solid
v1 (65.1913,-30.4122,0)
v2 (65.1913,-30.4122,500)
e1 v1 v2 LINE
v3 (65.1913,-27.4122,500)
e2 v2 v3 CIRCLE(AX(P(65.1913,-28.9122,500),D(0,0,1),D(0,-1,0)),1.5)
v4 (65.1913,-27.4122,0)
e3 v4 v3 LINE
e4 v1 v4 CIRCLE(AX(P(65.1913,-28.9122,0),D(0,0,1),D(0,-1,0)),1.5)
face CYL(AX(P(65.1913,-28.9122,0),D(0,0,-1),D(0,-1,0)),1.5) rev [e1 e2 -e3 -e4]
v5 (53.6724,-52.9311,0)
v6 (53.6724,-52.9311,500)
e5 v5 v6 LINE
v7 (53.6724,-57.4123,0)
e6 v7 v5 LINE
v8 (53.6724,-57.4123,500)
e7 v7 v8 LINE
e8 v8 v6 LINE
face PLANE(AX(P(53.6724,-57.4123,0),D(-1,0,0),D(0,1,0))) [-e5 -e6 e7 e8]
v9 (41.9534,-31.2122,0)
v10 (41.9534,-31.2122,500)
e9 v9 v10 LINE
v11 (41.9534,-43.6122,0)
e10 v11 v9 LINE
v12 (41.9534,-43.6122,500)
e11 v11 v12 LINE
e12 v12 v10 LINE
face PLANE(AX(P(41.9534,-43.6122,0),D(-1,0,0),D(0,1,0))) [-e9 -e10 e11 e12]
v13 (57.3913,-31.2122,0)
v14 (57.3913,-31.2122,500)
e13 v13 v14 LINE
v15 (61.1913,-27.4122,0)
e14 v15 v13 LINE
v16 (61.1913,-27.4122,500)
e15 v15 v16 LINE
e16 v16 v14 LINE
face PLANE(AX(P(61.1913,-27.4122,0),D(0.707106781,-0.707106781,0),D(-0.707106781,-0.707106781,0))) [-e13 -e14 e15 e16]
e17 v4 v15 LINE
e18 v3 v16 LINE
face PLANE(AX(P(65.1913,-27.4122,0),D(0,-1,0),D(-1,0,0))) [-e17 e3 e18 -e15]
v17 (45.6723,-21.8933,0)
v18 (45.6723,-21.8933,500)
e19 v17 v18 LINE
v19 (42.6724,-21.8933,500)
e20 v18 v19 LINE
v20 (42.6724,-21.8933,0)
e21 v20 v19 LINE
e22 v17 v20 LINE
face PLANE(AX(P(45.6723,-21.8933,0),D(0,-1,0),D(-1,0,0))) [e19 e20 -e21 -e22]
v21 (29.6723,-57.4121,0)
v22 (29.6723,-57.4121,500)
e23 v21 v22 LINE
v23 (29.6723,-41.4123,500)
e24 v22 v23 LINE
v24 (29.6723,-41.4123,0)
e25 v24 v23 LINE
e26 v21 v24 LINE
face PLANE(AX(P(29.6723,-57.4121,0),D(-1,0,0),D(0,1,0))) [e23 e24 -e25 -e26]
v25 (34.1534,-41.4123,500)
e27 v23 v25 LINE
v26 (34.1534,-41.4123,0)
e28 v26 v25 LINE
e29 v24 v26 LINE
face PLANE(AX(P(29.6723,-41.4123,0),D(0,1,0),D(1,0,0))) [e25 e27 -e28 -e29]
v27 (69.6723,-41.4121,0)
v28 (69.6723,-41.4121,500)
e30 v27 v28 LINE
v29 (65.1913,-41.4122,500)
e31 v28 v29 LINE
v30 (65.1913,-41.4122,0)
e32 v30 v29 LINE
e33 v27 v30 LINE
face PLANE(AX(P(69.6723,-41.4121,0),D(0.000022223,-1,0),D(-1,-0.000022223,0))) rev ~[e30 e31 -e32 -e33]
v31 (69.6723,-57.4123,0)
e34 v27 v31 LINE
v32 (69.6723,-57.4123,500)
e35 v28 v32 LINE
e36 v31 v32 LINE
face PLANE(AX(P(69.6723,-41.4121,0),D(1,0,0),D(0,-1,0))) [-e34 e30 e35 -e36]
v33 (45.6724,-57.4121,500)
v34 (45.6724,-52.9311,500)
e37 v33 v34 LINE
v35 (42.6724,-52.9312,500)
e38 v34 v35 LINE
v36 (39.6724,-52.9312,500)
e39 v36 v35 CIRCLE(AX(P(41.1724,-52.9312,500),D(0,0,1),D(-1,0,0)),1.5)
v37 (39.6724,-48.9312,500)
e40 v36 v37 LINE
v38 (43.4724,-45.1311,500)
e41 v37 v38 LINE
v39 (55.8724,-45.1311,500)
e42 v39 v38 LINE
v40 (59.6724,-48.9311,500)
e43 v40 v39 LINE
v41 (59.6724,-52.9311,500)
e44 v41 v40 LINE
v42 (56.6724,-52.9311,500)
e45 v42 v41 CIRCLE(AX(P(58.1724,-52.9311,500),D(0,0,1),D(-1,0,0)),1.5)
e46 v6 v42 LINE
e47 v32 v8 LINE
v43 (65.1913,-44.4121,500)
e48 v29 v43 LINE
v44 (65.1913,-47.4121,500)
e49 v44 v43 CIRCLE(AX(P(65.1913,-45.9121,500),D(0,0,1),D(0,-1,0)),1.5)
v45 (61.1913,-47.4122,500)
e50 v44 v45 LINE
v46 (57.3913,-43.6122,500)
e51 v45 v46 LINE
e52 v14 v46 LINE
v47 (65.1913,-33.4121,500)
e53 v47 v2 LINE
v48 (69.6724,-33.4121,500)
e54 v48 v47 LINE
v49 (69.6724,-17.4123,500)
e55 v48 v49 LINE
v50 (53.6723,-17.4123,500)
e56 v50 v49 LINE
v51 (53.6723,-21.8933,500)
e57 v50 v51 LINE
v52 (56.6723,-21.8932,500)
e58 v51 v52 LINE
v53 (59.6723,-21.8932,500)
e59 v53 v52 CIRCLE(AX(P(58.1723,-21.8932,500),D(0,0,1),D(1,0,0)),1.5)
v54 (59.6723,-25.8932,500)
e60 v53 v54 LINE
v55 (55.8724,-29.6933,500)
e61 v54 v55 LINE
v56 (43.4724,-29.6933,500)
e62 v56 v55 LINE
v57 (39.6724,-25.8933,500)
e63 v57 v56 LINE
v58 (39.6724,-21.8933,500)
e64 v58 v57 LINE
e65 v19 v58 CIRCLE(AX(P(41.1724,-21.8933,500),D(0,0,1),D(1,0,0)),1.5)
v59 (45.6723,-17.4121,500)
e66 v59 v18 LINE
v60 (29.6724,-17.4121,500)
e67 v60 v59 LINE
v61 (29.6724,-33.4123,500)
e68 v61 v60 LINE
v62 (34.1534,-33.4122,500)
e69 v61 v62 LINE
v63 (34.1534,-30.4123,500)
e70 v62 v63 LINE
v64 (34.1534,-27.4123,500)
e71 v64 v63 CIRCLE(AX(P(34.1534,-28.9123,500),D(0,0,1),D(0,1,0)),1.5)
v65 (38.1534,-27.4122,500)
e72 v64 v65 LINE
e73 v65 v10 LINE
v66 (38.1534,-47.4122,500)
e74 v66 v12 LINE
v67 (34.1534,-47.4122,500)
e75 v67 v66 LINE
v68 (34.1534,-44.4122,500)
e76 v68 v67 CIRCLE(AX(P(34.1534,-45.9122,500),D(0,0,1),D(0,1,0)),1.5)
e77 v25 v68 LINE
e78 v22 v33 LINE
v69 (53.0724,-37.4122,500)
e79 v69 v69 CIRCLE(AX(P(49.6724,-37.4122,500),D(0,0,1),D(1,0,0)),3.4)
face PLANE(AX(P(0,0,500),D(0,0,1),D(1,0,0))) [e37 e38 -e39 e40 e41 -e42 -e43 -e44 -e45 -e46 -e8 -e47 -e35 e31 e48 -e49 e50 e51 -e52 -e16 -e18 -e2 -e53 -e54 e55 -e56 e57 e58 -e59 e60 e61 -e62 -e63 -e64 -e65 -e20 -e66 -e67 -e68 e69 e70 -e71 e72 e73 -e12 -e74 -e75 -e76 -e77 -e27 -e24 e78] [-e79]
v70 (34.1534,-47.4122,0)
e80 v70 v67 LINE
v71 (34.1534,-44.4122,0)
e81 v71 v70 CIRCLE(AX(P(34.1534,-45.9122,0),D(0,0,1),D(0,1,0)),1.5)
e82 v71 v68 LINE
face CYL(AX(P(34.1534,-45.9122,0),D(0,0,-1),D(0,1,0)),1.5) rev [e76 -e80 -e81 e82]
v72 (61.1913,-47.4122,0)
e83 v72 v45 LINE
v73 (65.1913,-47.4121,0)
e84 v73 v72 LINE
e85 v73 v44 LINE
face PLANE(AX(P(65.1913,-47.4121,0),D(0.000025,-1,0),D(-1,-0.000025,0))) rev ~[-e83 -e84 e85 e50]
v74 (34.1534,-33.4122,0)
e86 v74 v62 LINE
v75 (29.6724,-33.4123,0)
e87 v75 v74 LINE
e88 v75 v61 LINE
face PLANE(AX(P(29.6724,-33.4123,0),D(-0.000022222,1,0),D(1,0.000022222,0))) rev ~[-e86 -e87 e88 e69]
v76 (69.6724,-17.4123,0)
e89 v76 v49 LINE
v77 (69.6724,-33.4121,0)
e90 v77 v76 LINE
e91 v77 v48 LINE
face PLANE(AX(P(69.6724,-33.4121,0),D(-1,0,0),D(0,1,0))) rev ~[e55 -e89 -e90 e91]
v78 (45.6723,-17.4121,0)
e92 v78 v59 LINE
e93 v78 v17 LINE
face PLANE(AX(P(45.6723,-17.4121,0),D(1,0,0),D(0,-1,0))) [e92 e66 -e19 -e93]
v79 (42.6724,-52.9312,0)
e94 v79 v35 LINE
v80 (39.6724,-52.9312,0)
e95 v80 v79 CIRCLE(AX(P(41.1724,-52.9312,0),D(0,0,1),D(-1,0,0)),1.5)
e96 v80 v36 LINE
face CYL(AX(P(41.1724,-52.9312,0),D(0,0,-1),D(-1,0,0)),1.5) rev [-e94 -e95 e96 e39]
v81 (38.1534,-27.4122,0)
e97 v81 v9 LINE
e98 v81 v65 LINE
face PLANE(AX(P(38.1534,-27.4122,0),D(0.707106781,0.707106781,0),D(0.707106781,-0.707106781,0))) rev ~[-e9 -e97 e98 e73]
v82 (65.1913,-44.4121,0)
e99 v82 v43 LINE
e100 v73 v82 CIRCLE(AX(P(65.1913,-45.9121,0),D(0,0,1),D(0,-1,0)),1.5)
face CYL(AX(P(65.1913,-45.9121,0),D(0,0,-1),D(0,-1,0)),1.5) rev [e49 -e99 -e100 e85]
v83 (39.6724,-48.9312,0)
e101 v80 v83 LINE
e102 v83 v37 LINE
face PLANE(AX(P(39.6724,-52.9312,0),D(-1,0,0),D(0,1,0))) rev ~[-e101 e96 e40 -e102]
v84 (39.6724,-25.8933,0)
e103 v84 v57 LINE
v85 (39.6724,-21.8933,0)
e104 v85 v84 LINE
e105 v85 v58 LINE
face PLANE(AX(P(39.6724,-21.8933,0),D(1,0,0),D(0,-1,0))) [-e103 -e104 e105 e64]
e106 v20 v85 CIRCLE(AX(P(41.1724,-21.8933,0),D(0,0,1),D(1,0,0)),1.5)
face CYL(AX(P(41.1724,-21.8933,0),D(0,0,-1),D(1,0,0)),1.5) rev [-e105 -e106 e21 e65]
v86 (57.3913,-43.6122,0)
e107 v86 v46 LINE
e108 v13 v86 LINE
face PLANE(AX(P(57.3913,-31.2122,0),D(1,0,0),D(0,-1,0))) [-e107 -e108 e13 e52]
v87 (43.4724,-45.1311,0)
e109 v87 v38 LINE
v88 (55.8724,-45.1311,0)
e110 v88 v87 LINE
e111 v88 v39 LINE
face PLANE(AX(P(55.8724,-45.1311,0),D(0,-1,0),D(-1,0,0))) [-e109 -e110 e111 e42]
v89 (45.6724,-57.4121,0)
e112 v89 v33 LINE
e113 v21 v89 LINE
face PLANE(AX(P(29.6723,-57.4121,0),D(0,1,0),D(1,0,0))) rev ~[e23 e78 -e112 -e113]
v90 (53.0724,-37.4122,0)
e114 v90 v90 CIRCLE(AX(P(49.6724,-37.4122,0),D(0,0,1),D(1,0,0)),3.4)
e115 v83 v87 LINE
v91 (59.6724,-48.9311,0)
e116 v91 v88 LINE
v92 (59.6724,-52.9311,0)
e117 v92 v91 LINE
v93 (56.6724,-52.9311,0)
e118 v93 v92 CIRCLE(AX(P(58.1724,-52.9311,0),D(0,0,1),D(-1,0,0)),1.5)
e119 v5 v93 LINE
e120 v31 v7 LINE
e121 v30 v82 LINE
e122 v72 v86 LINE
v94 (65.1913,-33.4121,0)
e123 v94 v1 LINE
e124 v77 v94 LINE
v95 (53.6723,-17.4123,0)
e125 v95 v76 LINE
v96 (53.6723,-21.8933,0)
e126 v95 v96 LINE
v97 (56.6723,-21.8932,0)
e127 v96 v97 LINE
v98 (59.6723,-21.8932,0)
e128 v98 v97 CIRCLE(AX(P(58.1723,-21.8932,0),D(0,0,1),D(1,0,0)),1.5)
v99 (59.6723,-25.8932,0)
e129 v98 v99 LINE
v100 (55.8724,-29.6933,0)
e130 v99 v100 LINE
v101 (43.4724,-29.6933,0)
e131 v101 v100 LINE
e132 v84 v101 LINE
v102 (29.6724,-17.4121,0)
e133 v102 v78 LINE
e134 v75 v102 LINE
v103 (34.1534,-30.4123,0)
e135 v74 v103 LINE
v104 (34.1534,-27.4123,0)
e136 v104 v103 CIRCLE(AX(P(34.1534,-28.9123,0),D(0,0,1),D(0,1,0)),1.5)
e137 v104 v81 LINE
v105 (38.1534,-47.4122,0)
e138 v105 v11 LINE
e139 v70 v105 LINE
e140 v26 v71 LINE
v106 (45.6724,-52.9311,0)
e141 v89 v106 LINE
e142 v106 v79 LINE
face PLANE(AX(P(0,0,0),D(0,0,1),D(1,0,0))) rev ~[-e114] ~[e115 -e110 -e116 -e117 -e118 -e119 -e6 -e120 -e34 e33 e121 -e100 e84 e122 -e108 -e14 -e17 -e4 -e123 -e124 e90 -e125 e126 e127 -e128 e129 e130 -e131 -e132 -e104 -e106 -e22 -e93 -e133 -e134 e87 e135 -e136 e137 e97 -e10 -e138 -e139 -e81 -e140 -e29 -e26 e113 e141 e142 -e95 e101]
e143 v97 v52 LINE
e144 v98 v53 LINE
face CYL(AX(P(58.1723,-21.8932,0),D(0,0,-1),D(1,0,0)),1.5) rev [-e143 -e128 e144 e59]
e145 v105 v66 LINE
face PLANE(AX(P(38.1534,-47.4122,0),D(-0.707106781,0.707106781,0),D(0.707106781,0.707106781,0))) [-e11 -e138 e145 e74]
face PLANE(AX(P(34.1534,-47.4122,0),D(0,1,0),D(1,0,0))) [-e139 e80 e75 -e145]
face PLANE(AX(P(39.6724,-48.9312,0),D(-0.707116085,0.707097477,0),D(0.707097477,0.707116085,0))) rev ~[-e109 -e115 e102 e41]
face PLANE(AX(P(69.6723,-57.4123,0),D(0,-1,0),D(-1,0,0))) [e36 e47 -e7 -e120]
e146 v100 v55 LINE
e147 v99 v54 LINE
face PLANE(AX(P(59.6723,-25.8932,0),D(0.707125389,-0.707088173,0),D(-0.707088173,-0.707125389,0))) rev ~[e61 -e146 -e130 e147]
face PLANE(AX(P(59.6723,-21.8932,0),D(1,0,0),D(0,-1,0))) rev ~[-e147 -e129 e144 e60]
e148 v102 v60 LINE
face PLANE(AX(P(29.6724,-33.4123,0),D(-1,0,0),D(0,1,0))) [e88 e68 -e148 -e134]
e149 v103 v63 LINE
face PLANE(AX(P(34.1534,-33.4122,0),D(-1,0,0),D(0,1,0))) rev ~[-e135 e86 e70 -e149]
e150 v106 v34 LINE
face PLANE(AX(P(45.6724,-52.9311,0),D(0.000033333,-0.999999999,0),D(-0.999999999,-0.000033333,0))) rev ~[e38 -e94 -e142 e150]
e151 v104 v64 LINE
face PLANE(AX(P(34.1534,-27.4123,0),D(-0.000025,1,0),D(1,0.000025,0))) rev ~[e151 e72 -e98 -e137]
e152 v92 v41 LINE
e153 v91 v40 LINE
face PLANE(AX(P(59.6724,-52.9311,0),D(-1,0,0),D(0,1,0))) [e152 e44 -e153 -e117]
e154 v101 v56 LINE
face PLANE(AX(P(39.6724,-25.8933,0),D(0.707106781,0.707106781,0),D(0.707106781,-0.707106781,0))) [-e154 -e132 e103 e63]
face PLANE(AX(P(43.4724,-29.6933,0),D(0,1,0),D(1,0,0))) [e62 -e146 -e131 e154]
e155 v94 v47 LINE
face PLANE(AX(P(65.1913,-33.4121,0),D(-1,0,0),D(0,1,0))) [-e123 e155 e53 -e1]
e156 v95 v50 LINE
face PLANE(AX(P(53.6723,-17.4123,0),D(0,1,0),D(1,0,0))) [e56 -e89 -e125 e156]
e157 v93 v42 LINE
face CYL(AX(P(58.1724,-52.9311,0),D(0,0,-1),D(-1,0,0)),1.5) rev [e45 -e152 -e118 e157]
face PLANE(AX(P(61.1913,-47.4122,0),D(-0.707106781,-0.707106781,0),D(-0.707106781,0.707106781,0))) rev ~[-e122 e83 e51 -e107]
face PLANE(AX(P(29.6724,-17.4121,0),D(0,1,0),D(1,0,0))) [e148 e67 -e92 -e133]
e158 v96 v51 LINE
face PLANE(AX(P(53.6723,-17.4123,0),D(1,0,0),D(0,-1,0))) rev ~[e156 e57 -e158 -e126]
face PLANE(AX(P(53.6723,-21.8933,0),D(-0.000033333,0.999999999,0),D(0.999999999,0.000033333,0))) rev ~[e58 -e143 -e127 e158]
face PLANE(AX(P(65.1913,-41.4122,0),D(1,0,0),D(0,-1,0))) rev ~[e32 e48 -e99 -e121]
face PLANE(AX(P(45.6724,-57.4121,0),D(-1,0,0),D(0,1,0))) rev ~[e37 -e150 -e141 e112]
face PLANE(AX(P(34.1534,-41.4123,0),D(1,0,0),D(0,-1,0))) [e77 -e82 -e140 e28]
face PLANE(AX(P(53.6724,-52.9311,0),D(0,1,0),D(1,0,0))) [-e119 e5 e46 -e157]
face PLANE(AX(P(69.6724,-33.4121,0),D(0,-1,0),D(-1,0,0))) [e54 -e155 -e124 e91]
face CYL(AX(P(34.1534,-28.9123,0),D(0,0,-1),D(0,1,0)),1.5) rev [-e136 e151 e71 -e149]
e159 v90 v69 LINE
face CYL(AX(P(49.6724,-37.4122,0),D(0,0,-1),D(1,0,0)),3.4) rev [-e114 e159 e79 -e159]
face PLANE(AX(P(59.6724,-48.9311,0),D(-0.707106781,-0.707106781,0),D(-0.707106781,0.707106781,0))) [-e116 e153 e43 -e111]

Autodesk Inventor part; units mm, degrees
ref_plane "YZ Plane" through (0, 0, 0) normal (1, 0, 0) x (0, 1, 0)
ref_plane "XZ Plane" through (0, 0, 0) normal (0, 1, 0) x (-1, 0, 0)
ref_plane "XY Plane" through (0, 0, 0) normal (0, 0, 1) x (1, 0, 0)
sketch "Boceto2" plane through (0, 0, 0) normal (0, 0, 1) x (1, 0, 0)
  line L0 (29.6723, -57.4121) -> (29.6723, -41.4123)
  line L1 (29.6723, -41.4123) -> (34.1724, -41.4123)
  line L2 (34.1534, -41.4123) -> (34.1534, -44.4122)
  arc A0 (34.1534, -44.4122) -> (34.1534, -47.4122) centre (34.1534, -45.9122) ccw
  line L3 (34.1534, -47.4122) -> (38.1534, -47.4122)
  line L4 (38.1534, -47.4122) -> (41.9534, -43.6122)
  line L5 (29.6724, -33.4123) -> (34.1724, -33.4122)
  line L6 (34.1534, -33.4122) -> (34.1534, -30.4123)
  arc A1 (34.1534, -27.4123) -> (34.1534, -30.4123) centre (34.1534, -28.9123) ccw
  line L7 (34.1534, -27.4123) -> (38.1534, -27.4122)
  line L8 (38.1534, -27.4122) -> (41.9534, -31.2122)
  line L9 (41.9534, -43.6122) -> (41.9534, -31.2122)
  circle A2 centre (49.6724, -37.4122) radius 3.4
  line L10 (43.4724, -29.6933) -> (55.8724, -29.6933)
  line L11 (45.6723, -21.8933) -> (42.6724, -21.8933)
  line L12 (39.6724, -21.8933) -> (39.6724, -25.8933)
  line L13 (39.6724, -25.8933) -> (43.4724, -29.6933)
  arc A3 (42.6724, -21.8933) -> (39.6724, -21.8933) centre (41.1724, -21.8933) ccw
  line L14 (53.6723, -21.8933) -> (56.6723, -21.8932)
  line L15 (59.6723, -21.8932) -> (59.6723, -25.8932)
  arc A4 (59.6723, -21.8932) -> (56.6723, -21.8932) centre (58.1723, -21.8932) ccw
  line L16 (59.6723, -25.8932) -> (55.8724, -29.6933)
  line L17 (45.6723, -17.4121) -> (45.6723, -21.9122)
  line L18 (53.6723, -17.4123) -> (53.6723, -21.9122)
  circle A5 centre (49.6724, -37.4122) radius 3.4
  line L19 (57.3913, -31.2122) -> (57.3913, -43.6122)
  line L20 (65.1913, -33.4121) -> (65.1913, -30.4122)
  line L21 (65.1913, -27.4122) -> (61.1913, -27.4122)
  line L22 (61.1913, -27.4122) -> (57.3913, -31.2122)
  arc A6 (65.1913, -30.4122) -> (65.1913, -27.4122) centre (65.1913, -28.9122) ccw
  line L23 (65.1913, -41.4122) -> (65.1913, -44.4121)
  line L24 (65.1913, -47.4121) -> (61.1913, -47.4122)
  arc A7 (65.1913, -47.4121) -> (65.1913, -44.4121) centre (65.1913, -45.9121) ccw
  line L25 (61.1913, -47.4122) -> (57.3913, -43.6122)
  line L26 (69.6724, -33.4121) -> (65.1723, -33.4121)
  line L27 (69.6723, -41.4121) -> (65.1724, -41.4122)
  circle A8 centre (49.6724, -37.4122) radius 3.4
  line L28 (55.8724, -45.1311) -> (43.4724, -45.1311)
  line L29 (53.6724, -52.9311) -> (56.6724, -52.9311)
  line L30 (59.6724, -52.9311) -> (59.6724, -48.9311)
  line L31 (59.6724, -48.9311) -> (55.8724, -45.1311)
  arc A9 (56.6724, -52.9311) -> (59.6724, -52.9311) centre (58.1724, -52.9311) ccw
  line L32 (45.6724, -52.9311) -> (42.6724, -52.9312)
  line L33 (39.6724, -52.9312) -> (39.6724, -48.9312)
  arc A10 (39.6724, -52.9312) -> (42.6724, -52.9312) centre (41.1724, -52.9312) ccw
  line L34 (39.6724, -48.9312) -> (43.4724, -45.1311)
  line L35 (53.6724, -57.4123) -> (53.6724, -52.9122)
  line L36 (45.6724, -57.4121) -> (45.6724, -52.9122)
  circle A11 centre (49.6724, -37.4122) radius 3.4
  line L37 (29.6724, -17.4121) -> (45.6723, -17.4121)
  line L38 (53.6723, -17.4123) -> (69.6724, -17.4123)
  line L39 (29.6724, -33.4123) -> (29.6724, -17.4121)
  line L40 (29.6723, -57.4121) -> (45.6724, -57.4121)
  line L41 (69.6723, -41.4121) -> (69.6723, -57.4123)
  line L42 (69.6723, -57.4123) -> (53.6724, -57.4123)
  line L43 (69.6724, -33.4121) -> (69.6724, -17.4123)
  point P0 (0, 0)
  dimension "d29" = 360
  dimension "d33" = 6.8
  dimension "d34" = 40
  dimension "d35" = 40
extrude "Extrusión2" add sketch "Boceto2" along normal blind 500
properties part number "Horizontal" material "Aluminio 6061"
